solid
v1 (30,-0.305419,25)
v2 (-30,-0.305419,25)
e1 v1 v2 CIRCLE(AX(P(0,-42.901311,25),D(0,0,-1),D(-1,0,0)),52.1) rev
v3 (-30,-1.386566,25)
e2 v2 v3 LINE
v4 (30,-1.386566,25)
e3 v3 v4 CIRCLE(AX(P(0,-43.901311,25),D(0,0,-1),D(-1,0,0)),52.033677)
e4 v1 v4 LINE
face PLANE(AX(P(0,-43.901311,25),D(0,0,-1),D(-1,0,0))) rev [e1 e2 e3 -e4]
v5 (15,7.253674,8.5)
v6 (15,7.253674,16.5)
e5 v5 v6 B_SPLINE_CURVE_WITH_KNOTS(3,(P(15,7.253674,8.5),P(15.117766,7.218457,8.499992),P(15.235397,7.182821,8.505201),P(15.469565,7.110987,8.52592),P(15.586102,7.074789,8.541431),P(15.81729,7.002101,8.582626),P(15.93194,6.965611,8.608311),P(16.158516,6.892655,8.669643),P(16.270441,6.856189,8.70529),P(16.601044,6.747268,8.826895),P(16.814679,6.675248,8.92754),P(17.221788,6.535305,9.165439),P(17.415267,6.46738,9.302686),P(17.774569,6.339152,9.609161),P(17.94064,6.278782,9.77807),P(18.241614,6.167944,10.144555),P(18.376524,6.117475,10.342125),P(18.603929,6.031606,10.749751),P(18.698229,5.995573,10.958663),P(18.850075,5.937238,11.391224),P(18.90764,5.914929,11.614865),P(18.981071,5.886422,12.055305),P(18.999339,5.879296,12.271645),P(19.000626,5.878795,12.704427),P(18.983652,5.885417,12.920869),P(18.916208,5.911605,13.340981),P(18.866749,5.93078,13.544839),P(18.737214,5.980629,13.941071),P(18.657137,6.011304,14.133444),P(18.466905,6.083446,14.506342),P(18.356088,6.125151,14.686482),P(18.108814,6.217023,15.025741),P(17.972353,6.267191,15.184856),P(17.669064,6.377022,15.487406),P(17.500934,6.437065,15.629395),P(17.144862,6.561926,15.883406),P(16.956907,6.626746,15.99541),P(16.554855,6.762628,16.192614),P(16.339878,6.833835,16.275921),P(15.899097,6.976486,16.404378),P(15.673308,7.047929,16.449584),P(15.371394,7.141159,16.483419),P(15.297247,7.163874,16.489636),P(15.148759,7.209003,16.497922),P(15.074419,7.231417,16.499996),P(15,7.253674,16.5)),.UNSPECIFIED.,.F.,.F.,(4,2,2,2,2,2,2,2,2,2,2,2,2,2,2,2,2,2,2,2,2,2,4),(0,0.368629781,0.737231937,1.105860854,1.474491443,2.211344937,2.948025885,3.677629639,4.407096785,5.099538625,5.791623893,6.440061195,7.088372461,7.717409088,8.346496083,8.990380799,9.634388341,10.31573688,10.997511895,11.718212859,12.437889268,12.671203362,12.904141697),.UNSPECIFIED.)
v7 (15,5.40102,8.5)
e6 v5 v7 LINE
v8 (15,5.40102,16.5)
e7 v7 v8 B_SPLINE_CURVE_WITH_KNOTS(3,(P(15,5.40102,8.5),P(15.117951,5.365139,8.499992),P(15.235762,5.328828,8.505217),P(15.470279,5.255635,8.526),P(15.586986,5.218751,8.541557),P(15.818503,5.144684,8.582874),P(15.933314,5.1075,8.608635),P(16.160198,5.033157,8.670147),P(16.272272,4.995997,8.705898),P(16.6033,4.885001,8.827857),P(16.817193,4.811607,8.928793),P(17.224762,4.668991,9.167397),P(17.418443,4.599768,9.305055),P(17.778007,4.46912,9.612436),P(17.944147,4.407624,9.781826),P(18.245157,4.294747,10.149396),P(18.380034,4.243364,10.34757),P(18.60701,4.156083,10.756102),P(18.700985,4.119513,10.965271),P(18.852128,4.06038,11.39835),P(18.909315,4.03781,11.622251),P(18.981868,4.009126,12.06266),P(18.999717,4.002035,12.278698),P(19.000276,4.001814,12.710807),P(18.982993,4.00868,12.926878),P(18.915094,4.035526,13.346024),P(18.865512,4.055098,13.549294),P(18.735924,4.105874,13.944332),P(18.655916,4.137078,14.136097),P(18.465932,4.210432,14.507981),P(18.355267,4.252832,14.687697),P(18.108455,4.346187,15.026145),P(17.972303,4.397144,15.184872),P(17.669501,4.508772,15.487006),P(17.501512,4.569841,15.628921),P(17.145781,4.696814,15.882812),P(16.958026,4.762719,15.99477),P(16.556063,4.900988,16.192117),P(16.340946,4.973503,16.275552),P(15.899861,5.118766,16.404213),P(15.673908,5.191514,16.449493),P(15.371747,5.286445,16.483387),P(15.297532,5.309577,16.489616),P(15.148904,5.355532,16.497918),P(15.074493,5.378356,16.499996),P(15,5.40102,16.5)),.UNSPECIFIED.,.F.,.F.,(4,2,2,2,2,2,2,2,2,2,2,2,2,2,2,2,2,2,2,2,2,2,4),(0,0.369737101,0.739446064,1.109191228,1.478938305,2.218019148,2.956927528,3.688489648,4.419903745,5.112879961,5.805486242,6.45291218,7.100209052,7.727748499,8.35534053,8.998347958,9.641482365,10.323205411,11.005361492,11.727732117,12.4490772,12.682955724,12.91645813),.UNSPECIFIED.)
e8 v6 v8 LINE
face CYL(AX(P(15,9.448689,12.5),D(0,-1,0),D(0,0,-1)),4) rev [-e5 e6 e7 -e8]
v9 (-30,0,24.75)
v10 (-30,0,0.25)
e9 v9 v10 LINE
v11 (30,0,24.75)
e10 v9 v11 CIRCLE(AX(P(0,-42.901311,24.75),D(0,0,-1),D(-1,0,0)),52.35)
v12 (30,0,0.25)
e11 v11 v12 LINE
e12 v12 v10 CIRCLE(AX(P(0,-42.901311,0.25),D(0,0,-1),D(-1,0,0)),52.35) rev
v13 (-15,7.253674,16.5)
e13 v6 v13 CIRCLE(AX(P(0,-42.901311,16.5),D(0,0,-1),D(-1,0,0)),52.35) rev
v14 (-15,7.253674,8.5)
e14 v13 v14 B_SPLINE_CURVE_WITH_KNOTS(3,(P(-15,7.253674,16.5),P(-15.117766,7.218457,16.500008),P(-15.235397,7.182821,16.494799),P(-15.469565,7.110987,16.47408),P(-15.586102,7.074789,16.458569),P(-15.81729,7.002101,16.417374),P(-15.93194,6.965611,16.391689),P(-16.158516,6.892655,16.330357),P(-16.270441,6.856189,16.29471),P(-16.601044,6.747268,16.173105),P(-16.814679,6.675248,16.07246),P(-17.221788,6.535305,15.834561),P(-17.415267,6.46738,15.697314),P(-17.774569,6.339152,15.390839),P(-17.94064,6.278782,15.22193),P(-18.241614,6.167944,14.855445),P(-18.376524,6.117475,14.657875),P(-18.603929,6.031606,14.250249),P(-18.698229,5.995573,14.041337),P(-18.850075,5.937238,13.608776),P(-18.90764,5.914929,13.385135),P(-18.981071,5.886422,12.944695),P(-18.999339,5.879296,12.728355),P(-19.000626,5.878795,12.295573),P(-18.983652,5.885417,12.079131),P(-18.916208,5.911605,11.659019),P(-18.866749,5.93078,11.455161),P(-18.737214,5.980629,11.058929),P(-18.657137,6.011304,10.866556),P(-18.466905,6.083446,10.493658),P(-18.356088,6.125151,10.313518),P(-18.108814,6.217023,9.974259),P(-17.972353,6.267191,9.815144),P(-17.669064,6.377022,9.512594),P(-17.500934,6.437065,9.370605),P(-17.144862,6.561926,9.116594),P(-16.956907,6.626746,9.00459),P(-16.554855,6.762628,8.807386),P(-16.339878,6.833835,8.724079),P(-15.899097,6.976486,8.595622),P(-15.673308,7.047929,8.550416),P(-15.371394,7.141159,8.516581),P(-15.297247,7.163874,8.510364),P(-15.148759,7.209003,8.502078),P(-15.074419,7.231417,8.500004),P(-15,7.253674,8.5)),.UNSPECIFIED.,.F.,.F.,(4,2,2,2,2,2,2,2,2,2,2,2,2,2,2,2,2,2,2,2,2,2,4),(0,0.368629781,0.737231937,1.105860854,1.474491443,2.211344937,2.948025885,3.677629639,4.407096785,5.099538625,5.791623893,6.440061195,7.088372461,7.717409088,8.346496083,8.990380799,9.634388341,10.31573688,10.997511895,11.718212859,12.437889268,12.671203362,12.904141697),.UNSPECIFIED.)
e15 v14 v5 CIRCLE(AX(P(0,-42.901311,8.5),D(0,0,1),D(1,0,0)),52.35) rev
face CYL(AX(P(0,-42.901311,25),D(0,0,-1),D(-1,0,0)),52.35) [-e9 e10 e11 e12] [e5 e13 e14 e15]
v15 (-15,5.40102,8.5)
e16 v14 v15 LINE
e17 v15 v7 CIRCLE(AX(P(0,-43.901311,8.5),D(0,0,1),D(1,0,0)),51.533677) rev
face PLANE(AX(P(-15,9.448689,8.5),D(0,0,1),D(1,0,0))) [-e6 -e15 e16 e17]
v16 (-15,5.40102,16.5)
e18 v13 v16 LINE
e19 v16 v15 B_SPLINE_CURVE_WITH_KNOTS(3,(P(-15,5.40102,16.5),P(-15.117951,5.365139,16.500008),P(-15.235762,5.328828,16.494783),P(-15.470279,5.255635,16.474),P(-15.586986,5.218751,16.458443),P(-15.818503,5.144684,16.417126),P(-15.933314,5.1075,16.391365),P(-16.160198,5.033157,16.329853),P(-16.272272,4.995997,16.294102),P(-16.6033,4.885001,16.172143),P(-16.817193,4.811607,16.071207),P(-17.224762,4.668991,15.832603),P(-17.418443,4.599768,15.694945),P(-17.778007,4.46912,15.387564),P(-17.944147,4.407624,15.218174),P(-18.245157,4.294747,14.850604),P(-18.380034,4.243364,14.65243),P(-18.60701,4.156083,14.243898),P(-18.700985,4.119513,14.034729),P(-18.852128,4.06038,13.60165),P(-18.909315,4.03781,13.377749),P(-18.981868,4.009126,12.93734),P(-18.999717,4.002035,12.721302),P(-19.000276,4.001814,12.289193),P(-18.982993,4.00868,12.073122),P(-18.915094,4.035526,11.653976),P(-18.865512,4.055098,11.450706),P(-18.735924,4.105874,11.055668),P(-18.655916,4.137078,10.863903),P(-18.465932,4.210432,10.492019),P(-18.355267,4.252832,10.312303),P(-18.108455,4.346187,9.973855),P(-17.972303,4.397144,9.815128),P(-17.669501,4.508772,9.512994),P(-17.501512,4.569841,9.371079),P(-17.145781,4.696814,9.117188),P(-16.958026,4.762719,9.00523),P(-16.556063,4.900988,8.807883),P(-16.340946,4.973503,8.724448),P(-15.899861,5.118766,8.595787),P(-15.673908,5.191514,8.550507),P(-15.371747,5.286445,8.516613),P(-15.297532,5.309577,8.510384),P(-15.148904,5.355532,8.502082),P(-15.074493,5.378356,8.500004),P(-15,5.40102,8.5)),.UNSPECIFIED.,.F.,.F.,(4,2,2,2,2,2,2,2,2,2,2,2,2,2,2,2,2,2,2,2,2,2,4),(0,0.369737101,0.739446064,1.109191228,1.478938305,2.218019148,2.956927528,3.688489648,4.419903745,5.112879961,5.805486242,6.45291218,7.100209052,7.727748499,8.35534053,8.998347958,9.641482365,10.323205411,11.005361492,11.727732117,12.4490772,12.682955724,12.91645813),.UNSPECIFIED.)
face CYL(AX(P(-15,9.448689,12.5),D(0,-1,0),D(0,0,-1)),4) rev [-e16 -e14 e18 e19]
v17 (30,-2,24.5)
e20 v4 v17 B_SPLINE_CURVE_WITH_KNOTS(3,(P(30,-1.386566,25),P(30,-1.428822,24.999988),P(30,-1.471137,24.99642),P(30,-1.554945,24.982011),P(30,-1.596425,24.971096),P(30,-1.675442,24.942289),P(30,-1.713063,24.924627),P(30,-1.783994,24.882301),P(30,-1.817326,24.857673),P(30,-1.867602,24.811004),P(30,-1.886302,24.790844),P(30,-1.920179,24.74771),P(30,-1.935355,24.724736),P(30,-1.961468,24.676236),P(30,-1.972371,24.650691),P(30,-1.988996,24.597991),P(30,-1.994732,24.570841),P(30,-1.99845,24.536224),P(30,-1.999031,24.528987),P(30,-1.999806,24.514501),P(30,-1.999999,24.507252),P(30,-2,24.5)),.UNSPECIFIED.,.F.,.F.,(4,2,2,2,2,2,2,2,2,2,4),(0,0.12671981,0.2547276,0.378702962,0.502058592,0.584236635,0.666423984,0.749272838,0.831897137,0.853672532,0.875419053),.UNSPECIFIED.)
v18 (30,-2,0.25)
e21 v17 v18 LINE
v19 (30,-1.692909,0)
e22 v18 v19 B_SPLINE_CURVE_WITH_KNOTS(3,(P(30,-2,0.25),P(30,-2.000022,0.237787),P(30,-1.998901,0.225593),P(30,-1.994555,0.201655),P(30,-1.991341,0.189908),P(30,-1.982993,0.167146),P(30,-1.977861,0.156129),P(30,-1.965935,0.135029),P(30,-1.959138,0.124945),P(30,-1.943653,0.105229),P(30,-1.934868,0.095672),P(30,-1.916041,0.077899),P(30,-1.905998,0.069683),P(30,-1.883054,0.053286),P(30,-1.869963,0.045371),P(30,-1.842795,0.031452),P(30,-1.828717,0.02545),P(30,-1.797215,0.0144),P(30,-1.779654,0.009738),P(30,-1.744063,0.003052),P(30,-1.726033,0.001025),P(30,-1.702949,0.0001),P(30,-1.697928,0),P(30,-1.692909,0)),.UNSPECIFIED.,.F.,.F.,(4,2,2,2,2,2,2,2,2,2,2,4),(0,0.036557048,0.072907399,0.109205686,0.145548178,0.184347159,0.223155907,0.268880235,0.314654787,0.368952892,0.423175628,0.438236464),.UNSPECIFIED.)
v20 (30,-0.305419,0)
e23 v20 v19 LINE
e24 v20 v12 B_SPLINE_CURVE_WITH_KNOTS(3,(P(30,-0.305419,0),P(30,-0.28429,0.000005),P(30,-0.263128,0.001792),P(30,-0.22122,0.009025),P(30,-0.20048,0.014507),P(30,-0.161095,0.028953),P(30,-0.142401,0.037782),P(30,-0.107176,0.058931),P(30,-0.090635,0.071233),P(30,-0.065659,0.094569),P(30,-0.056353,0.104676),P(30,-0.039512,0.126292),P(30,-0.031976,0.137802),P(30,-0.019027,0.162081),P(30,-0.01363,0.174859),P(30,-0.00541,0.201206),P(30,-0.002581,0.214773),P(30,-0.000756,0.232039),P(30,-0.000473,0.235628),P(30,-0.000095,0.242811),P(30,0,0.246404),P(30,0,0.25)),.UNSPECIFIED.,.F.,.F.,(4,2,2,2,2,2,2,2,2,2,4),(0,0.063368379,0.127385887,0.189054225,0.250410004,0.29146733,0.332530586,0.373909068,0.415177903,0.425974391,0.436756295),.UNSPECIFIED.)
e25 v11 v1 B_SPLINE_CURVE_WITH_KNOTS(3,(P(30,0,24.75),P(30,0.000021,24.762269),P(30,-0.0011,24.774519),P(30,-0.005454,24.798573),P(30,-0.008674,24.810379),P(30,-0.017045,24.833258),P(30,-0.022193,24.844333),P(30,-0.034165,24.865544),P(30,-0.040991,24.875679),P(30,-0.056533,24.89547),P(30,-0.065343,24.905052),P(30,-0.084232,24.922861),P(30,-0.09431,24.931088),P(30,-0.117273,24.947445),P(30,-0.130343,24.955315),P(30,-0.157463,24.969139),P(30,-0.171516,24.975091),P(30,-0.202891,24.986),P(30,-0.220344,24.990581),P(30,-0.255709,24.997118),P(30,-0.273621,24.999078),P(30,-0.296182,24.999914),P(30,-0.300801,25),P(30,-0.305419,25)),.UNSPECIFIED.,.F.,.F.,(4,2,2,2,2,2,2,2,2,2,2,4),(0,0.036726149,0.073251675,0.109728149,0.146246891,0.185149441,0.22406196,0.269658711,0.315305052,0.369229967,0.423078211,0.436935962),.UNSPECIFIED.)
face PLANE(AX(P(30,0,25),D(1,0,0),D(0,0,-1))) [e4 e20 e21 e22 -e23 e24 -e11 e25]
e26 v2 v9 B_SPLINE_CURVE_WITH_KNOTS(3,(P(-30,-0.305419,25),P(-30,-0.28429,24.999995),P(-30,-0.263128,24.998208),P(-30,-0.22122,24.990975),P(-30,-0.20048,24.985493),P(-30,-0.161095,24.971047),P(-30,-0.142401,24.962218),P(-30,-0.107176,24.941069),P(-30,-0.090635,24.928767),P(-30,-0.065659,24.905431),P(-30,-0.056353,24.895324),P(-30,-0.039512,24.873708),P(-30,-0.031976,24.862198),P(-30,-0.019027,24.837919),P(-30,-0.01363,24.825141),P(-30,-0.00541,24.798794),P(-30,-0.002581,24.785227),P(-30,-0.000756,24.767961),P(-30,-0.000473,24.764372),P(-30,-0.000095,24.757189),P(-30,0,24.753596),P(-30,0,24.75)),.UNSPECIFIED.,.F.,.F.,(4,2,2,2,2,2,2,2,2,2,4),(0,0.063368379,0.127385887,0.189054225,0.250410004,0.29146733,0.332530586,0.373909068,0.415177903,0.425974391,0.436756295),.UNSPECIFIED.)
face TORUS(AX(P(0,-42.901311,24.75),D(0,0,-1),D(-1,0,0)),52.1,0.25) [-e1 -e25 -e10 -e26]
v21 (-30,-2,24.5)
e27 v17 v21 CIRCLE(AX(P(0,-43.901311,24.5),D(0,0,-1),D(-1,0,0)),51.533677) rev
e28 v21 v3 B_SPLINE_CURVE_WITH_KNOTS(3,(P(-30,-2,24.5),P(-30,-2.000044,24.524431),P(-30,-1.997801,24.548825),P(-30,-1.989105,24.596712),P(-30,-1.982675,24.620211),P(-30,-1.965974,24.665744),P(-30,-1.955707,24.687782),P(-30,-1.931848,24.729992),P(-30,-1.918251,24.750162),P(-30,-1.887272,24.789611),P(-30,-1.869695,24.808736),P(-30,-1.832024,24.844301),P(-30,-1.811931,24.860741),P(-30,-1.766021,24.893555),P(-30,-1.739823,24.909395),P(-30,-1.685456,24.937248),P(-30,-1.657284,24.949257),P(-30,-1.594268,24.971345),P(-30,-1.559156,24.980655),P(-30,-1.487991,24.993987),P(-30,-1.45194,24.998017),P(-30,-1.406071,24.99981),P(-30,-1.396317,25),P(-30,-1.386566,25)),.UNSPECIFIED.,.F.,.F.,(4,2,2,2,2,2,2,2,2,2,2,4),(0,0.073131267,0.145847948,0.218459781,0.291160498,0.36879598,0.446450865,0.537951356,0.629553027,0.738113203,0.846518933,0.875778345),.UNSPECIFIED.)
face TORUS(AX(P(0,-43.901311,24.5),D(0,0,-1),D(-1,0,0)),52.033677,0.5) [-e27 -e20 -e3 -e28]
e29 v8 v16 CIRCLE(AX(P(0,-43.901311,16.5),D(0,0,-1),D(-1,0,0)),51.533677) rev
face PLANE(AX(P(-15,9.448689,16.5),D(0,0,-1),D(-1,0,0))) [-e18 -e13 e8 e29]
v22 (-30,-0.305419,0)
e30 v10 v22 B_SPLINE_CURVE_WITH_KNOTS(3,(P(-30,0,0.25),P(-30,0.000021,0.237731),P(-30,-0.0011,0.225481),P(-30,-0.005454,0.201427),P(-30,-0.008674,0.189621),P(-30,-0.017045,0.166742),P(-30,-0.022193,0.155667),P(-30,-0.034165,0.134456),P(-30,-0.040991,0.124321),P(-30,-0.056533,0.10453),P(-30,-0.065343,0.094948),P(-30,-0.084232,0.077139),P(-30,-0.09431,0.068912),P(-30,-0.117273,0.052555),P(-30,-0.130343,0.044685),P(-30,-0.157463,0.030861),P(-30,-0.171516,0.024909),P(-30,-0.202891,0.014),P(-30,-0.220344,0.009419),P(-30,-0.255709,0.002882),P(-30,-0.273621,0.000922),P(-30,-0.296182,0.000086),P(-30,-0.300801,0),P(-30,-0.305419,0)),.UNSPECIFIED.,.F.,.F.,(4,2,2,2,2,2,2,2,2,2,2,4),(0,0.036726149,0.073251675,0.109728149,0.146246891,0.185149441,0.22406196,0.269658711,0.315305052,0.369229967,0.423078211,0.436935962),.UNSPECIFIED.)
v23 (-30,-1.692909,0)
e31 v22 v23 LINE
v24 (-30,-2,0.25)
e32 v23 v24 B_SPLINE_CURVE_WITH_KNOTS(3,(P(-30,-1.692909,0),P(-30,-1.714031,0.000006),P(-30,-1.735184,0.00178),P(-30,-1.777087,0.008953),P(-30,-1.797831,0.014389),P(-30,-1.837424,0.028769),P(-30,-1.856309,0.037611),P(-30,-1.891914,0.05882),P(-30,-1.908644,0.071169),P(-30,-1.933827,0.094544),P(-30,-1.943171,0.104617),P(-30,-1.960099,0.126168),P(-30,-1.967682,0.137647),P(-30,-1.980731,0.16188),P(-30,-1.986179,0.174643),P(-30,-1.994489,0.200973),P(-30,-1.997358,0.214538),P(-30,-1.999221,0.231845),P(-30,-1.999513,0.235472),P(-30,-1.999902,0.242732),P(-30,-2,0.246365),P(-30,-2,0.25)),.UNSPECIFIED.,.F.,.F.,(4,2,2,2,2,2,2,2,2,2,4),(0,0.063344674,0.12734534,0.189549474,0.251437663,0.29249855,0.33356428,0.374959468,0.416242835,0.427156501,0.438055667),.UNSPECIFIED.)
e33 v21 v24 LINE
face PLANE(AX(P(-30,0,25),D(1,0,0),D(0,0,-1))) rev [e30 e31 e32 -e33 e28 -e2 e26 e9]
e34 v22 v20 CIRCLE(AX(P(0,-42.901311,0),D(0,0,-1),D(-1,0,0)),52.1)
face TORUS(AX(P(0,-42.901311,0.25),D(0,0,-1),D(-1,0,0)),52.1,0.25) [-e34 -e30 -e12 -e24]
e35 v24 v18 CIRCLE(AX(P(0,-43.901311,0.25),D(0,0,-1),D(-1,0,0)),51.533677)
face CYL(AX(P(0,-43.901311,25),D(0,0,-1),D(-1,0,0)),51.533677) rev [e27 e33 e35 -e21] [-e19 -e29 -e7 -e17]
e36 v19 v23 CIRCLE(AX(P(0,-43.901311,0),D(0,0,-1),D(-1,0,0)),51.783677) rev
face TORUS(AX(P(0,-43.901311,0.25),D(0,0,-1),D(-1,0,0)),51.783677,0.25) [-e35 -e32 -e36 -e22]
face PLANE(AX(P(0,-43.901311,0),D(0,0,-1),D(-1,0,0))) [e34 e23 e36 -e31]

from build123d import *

# Parameters (mm, degrees)
BOSS_EXTRUDE1_DEPTH = 25
FILLET2_R           = 0.25
FILLET3_R           = 0.5
FILLET5_R           = 0.25
CUT_EXTRUDE2_DEPTH  = 10.448688931


with BuildPart() as part:
    # Sketch1 → Boss-Extrude1 (new body)
    with BuildSketch(Plane.XY):
        with BuildLine():
            Line((-30, 0), (-30, -2))
            ThreePointArc((-30, -2), (0, 7.632365953), (30, -2))
            Line((30, -2), (30, 0))
            ThreePointArc((30, 0), (0, 9.448688831), (-30, 0))
        make_face()
    extrude(amount=BOSS_EXTRUDE1_DEPTH)

    # Fillet2
    fillet2_edges = [part.edges().sort_by_distance(p)[0] for p in [
        (0, 9.448688831, 25),
    ]]
    fillet(fillet2_edges, radius=FILLET2_R)

    # Fillet3
    fillet3_edges = [part.edges().sort_by_distance(p)[0] for p in [
        (0, 7.632365953, 25),
    ]]
    fillet(fillet3_edges, radius=FILLET3_R)

    # Fillet5
    fillet5_edges = [part.edges().sort_by_distance(p)[0] for p in [
        (0, 9.448688831, 0),
        (0, 7.632365953, 0),
    ]]
    fillet(fillet5_edges, radius=FILLET5_R)

    # Sketch6 → Cut-Extrude2 (cut, through all)
    with BuildSketch(Plane(origin=(0, 0, 0), x_dir=(1, 0, 0), z_dir=(0, 1, 0))):
        with BuildLine():
            Line((-15, -8.5), (15, -8.5))
            ThreePointArc((15, -8.5), (19, -12.5), (15, -16.5))
            Line((15, -16.5), (-15, -16.5))
            ThreePointArc((-15, -16.5), (-19, -12.5), (-15, -8.5))
        make_face()
    extrude(amount=CUT_EXTRUDE2_DEPTH, mode=Mode.SUBTRACT)


solid = part.part
